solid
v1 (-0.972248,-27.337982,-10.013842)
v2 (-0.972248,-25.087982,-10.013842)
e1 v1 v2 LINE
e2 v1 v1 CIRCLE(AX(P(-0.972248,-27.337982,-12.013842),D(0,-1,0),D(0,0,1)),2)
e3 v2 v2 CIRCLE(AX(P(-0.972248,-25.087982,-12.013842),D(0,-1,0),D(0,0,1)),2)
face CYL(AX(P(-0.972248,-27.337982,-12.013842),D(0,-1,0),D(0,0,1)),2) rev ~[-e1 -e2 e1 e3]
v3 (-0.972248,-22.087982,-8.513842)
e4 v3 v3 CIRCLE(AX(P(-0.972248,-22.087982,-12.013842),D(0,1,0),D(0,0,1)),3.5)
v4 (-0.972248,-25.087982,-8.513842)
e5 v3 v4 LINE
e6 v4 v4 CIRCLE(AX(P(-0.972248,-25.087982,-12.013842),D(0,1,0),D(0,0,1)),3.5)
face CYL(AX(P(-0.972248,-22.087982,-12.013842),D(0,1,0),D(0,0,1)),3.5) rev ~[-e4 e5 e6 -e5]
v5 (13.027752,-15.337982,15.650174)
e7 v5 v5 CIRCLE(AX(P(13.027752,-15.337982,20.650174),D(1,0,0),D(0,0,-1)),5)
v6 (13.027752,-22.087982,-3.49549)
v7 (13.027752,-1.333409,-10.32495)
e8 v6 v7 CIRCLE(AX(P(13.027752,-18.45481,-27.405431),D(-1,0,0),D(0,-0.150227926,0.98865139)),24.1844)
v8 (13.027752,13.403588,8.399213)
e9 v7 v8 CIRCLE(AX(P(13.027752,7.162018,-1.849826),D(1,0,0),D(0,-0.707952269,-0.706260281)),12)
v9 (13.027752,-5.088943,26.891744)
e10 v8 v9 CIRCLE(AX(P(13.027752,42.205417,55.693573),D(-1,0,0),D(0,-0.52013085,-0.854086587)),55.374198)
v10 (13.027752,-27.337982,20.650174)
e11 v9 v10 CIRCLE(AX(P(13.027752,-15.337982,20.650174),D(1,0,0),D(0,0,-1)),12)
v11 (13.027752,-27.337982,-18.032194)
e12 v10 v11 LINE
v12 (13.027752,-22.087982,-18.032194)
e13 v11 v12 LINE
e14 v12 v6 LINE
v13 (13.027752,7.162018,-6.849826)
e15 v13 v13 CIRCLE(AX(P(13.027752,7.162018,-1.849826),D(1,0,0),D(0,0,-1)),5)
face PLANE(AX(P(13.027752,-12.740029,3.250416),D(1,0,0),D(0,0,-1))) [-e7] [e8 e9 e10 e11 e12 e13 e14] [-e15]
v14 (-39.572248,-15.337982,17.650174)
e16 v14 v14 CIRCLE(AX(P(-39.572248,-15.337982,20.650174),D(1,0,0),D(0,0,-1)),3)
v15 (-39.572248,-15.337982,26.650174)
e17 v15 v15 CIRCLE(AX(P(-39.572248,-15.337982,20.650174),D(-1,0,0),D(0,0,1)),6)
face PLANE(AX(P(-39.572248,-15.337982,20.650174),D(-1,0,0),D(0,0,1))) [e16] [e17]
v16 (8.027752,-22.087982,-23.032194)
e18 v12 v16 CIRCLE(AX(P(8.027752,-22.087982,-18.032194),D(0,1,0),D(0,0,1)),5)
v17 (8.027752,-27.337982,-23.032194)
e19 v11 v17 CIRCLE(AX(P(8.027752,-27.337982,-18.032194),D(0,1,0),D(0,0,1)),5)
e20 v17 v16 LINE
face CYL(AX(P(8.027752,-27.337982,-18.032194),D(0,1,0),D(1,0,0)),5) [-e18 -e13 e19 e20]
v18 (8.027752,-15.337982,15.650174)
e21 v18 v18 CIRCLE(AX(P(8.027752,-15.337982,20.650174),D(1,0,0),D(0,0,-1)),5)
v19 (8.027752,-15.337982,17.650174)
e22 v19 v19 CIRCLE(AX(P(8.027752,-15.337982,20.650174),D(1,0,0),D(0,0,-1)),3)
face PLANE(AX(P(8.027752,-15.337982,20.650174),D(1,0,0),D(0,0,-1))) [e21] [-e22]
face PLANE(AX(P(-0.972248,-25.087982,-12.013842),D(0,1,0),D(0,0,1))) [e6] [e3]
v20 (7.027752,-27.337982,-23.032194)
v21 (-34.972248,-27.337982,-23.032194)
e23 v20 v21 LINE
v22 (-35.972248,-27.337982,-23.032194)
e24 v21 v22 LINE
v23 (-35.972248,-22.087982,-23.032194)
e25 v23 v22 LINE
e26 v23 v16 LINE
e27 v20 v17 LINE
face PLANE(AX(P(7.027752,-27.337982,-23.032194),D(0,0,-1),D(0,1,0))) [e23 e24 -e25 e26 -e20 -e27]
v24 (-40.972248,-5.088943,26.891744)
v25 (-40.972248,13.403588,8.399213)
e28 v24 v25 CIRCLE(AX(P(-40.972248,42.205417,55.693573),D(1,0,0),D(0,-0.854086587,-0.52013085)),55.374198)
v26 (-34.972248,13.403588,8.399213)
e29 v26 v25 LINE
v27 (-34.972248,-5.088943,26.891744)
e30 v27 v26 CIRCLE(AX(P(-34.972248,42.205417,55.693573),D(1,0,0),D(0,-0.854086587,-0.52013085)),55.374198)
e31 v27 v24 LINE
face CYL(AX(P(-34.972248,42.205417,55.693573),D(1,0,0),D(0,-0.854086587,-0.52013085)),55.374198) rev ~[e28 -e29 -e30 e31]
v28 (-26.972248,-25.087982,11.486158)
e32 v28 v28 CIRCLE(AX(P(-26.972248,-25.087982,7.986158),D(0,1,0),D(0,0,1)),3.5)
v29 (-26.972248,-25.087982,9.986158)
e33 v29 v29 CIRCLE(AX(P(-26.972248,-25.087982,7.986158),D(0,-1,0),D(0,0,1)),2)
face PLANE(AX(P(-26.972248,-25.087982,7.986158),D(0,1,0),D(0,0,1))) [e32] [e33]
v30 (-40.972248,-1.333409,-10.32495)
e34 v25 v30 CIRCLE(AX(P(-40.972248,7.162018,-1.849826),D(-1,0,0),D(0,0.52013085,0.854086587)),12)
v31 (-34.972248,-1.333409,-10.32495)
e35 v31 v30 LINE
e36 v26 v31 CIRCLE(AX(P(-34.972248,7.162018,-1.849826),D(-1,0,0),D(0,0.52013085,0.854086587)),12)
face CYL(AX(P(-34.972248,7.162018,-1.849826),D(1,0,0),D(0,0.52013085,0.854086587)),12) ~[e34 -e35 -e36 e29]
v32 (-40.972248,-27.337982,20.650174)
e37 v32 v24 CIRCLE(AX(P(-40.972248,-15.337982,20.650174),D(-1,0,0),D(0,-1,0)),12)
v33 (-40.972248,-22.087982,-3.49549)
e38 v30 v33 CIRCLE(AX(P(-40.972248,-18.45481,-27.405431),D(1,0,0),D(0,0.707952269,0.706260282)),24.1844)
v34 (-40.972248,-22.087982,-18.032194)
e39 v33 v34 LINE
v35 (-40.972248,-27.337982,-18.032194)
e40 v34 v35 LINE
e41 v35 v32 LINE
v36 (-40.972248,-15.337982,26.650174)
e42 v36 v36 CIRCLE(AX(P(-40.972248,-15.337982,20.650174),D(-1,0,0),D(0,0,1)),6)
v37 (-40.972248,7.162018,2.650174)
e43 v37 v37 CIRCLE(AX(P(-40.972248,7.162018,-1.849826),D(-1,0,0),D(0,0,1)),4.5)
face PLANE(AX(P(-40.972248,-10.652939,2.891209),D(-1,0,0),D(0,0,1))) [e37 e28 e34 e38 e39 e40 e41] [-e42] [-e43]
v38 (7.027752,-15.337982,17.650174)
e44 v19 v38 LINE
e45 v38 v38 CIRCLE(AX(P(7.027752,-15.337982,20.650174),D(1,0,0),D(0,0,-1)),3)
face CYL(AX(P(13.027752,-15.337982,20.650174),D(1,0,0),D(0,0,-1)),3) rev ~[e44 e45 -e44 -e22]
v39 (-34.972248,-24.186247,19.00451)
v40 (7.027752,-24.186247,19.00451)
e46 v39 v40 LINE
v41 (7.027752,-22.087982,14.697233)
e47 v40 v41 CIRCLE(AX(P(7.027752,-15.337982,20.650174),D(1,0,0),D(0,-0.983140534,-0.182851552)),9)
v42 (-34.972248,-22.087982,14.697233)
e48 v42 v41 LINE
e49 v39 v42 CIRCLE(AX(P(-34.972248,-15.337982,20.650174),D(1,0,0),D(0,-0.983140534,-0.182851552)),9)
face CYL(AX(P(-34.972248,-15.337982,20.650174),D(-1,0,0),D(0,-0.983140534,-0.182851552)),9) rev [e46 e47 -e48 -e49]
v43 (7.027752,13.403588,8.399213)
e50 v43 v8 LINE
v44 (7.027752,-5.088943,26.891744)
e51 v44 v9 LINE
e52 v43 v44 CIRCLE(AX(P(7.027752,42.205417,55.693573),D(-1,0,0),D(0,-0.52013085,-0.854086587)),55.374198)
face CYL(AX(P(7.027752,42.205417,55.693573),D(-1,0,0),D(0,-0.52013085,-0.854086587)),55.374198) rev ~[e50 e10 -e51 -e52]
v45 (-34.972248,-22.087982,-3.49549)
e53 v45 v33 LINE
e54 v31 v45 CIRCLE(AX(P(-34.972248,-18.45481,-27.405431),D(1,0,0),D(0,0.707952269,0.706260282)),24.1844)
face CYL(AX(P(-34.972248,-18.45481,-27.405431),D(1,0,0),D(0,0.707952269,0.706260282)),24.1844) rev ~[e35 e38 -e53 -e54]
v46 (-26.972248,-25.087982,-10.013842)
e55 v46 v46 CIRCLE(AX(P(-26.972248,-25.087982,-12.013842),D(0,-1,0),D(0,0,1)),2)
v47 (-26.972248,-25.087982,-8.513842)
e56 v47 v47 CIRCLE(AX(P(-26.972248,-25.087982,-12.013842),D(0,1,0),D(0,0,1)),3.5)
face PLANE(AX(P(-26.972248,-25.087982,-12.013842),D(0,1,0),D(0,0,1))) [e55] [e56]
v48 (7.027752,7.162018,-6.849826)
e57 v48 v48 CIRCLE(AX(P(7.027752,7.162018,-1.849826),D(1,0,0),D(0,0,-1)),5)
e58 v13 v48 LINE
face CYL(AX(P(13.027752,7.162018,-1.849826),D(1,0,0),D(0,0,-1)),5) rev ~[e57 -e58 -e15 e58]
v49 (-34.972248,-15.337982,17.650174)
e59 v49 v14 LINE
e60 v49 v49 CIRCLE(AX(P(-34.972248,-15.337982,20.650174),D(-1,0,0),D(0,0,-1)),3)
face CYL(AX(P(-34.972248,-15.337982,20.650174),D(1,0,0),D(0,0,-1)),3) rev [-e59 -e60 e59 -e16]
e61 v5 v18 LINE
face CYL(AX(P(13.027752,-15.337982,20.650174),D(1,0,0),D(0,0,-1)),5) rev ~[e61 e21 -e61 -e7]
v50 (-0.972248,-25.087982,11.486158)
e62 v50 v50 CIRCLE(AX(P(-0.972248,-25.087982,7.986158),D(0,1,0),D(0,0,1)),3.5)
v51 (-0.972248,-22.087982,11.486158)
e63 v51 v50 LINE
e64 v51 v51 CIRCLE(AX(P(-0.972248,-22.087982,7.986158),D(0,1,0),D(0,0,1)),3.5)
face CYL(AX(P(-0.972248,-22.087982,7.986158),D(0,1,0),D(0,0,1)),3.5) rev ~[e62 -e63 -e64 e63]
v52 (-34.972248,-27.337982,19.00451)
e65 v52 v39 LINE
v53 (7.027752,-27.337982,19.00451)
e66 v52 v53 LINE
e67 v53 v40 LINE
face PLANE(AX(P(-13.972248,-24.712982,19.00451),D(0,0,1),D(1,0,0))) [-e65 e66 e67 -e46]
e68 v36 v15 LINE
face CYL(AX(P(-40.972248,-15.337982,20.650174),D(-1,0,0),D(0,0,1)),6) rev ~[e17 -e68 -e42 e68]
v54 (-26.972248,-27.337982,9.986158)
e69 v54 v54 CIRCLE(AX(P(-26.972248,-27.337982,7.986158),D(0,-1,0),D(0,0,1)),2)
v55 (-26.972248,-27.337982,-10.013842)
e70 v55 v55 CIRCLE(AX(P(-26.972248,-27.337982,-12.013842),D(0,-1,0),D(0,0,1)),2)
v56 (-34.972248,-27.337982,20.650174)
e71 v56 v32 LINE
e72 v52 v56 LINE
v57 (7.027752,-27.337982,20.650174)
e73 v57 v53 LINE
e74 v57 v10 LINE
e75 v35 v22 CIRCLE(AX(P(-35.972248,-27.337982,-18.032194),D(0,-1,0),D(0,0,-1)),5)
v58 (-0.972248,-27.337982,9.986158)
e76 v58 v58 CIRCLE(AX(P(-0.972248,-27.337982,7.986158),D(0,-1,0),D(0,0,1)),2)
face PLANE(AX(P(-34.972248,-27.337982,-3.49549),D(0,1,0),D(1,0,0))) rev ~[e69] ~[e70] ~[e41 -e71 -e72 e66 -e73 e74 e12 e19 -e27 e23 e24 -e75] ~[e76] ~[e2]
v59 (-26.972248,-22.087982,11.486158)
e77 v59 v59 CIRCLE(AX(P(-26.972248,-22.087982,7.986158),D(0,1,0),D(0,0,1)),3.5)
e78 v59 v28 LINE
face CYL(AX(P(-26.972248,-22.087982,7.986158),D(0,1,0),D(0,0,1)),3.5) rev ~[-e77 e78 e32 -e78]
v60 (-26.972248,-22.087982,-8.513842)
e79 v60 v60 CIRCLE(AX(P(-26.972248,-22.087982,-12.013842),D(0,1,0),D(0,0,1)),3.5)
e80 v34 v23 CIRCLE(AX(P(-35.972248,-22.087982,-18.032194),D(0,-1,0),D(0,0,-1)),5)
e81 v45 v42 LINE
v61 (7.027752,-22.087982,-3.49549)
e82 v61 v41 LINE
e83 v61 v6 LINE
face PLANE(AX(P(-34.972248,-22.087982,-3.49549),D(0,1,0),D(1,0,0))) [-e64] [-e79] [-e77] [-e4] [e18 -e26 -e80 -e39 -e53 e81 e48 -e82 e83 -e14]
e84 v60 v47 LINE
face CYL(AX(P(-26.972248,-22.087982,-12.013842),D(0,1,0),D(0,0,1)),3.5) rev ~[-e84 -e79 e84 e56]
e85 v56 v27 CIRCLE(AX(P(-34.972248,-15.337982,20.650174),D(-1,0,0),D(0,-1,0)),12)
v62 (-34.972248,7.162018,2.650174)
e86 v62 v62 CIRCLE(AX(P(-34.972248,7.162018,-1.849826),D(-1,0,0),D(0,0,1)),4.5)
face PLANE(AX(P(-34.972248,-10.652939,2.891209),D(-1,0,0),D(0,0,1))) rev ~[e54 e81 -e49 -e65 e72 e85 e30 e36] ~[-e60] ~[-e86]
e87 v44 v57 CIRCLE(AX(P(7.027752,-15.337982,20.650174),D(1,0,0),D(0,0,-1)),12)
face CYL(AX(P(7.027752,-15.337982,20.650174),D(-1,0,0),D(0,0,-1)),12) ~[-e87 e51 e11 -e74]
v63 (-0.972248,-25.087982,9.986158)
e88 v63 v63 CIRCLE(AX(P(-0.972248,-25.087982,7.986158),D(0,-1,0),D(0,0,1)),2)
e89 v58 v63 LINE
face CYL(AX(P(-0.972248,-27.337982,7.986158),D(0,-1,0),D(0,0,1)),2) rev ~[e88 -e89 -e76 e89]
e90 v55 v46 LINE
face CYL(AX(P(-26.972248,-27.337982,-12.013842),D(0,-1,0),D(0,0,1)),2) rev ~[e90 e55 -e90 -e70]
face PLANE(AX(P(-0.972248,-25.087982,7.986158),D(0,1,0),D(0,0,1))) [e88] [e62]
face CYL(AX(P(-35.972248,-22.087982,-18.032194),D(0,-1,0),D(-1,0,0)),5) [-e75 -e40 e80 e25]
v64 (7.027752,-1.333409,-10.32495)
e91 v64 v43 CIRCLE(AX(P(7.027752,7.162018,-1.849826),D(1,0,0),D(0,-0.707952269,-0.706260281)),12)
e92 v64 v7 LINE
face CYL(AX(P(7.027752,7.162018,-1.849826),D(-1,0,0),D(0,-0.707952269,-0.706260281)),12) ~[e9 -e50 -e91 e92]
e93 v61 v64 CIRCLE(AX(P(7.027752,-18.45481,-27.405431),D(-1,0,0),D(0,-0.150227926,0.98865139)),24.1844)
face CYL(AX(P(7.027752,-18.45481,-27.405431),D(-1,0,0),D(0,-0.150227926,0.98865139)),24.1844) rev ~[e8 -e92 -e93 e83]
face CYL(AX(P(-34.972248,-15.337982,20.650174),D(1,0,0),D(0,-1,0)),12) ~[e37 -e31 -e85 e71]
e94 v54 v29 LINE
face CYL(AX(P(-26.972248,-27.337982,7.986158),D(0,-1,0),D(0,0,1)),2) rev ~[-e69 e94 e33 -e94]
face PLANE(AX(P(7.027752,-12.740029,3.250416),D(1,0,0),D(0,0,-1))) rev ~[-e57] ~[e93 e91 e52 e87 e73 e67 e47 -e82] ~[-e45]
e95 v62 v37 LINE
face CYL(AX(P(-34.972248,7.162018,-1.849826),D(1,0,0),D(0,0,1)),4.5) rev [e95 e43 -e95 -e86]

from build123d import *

# Parameters (mm, degrees)
SKETCH_1_R                      = 8
EXTRUDE_1_DEPTH                 = 4
SKETCH_7_R                      = 3.333333333
CUT_EXTRUDE_3_DEPTH             = 33.771939216
SKETCH_8_R                      = 2
CUT_EXTRUDE_4_DEPTH             = 33.771939216
EXTRUDE_START                   = 28
SKETCH_9_R                      = 3
SKETCH_9_R_2                    = 2
EXTRUDE_2_DEPTH                 = 4
EXTRUDE_3_REACH                 = 47.629
SKETCH_10_W                     = 13.024468831
SKETCH_10_H                     = 3.5
SKETCH_11_W                     = 28
SKETCH_11_H                     = 3.5
EXTRUDE_4_DEPTH                 = 15
SCALE_1_SCALE                   = 1.5
CUT_EXTRUDE_5_DEPTH             = 42
SKETCH_17_R                     = 6
CUT_EXTRUDE_6_DEPTH             = 1.4
SKETCH_18_R                     = 5
CUT_EXTRUDE_7_DEPTH             = 5
CUT_EXTRUDE_8_REACH             = 72.05
SKETCH_19_R                     = 2
CUT_EXTRUDE_8_DIRECTION_2_DEPTH = 71.050046232
FILLET_1_R                      = 5
SKETCH_21_R                     = 3.5
CUT_EXTRUDE_9_DEPTH             = 3


with BuildPart() as part:
    # 草图1 → 凸台-拉伸1 (new body)
    with BuildSketch(Plane(origin=(0, 0, 0), x_dir=(0, 0, -1), z_dir=(1, 0, 0))):
        with BuildLine():
            ThreePointArc((-7, -15), (-9.343145751, -20.656854249), (-15, -23))
            Line((-15, -23), (14.121578143, -23))
            Line((14.121578143, -23), (14.121578143, -19.5))
            Line((14.121578143, -19.5), (1.097109312, -19.5))
            ThreePointArc((1.097109312, -19.5), (1.721982831, -12.038332525), (5.650082252, -5.66361815))
            ThreePointArc((5.650082252, -5.66361815), (-4.947792662, -6.286441583), (-6.832692698, 4.161046803))
            ThreePointArc((-6.832692698, 4.161046803), (-12.258618637, -2.741381363), (-19.161046803, -8.167307302))
            ThreePointArc((-19.161046803, -8.167307302), (-11.081350642, -8.025461506), (-7, -15))
        make_face()
        with Locations((-15, -15)):
            Circle(SKETCH_1_R)
        Circle(SKETCH_1_R)
    extrude(amount=EXTRUDE_1_DEPTH)

    # 草图7 → 切除-拉伸3 (cut, through all)
    with BuildSketch(Plane(origin=(4, 0, 0), x_dir=(0, 0, -1), z_dir=(1, 0, 0))):
        Circle(SKETCH_7_R)
    extrude(amount=-CUT_EXTRUDE_3_DEPTH, mode=Mode.SUBTRACT)

    # 草图8 → 切除-拉伸4 (cut, through all)
    with BuildSketch(Plane(origin=(4, 0, 0), x_dir=(0, 0, -1), z_dir=(1, 0, 0))):
        with Locations((-15, -15)):
            Circle(SKETCH_8_R)
    extrude(amount=-CUT_EXTRUDE_4_DEPTH, mode=Mode.SUBTRACT)


with BuildPart() as body_2:
    # 草图9 → 凸台-拉伸2 (new body)
    with BuildSketch(Plane.ZY.offset(EXTRUDE_START)):
        with BuildLine():
            Line((-1.097109312, -19.5), (-14.121578143, -19.5))
            Line((-14.121578143, -19.5), (-14.121578143, -23))
            Line((-14.121578143, -23), (15, -23))
            ThreePointArc((15, -23), (22.702646999, -17.160839931), (19.161046803, -8.167307302))
            ThreePointArc((19.161046803, -8.167307302), (12.258618637, -2.741381363), (6.832692698, 4.161046803))
            ThreePointArc((6.832692698, 4.161046803), (-4.947792662, 6.286441583), (-5.650082252, -5.66361815))
            ThreePointArc((-5.650082252, -5.66361815), (-1.721982831, -12.038332525), (-1.097109312, -19.5))
        make_face()
        Circle(SKETCH_9_R, mode=Mode.SUBTRACT)
        with Locations(Location((15, -15, 0), (0, 0, 180))):
            Circle(SKETCH_9_R_2, mode=Mode.SUBTRACT)
    extrude(amount=EXTRUDE_2_DEPTH)

    # 草图10 → 凸台-拉伸3 (add, up to next)
    with BuildSketch(Plane.ZY, mode=Mode.PRIVATE) as extrude_3_sk1:
        with Locations((-7.609343728, -21.25)):
            Rectangle(SKETCH_10_W, SKETCH_10_H)
    extrude_3_tool1 = extrude(extrude_3_sk1.sketch, amount=EXTRUDE_3_REACH, mode=Mode.PRIVATE) - body_2.part

    add(part.part)  # 凸台-拉伸3 merges part
    add(extrude_3_tool1.solids().sort_by_distance((0, -21.25, -7.609344))[0])

    # 草图11 → 凸台-拉伸4 (add)
    with BuildSketch(Plane.XY.offset(-1.097109312)):
        with Locations((-14, -21.25)):
            Rectangle(SKETCH_11_W, SKETCH_11_H)
    extrude(amount=EXTRUDE_4_DEPTH)


with BuildPart() as body_2_1:
    # 缩放比例1: scaled about (-14.05550312, -14.324036163, 3.699652839)
    add(body_2.part.scale(SCALE_1_SCALE).moved(Location((7.02775156, 7.162018082, -1.84982642))))

    # 草图13 → 切除-拉伸5 (cut)
    with BuildSketch(Plane(origin=(-34.97224844, 0, 0), x_dir=(0, 0, -1), z_dir=(1, 0, 0))):
        with BuildLine():
            Line((-14.697233131, -22.087981919), (-19.004509613, -22.087981919))
            Line((-19.004509613, -22.087981919), (-19.004509613, -24.186246726))
            ThreePointArc((-19.004509613, -24.186246726), (-16.708679438, -23.42900311), (-14.697233131, -22.087981919))
        make_face()
    extrude(amount=CUT_EXTRUDE_5_DEPTH, mode=Mode.SUBTRACT)

    # 草图17 → 切除-拉伸6 (cut)
    with BuildSketch(Plane.ZY.offset(40.97224844)):
        with Locations((20.650173581, -15.337981919)):
            Circle(SKETCH_17_R)
    extrude(amount=-CUT_EXTRUDE_6_DEPTH, mode=Mode.SUBTRACT)

    # 草图18 → 切除-拉伸7 (cut)
    with BuildSketch(Plane(origin=(13.02775156, 0, 0), x_dir=(0, 0, -1), z_dir=(1, 0, 0))):
        with Locations((-20.650173581, -15.337981919)):
            Circle(SKETCH_18_R)
    extrude(amount=-CUT_EXTRUDE_7_DEPTH, mode=Mode.SUBTRACT)

    # 草图19 → 切除-拉伸8 (cut, up to next)
    with BuildSketch(Plane.XZ.offset(27.337981919), mode=Mode.PRIVATE) as cut_extrude_8_sk1:
        with Locations(Location((-0.97224844, -12.01384201, 0), (0, 0, 90))):
            Circle(SKETCH_19_R)
    cut_extrude_8_tool1 = extrude(cut_extrude_8_sk1.sketch, amount=-CUT_EXTRUDE_8_REACH, mode=Mode.PRIVATE) & body_2_1.part
    # 草图19 → 切除-拉伸8 (cut, up to next)
    with BuildSketch(Plane.XZ.offset(27.337981919), mode=Mode.PRIVATE) as cut_extrude_8_sk2:
        with Locations(Location((-26.97224844, -12.01384201, 0), (0, 0, 90))):
            Circle(SKETCH_19_R)
    cut_extrude_8_tool2 = extrude(cut_extrude_8_sk2.sketch, amount=-CUT_EXTRUDE_8_REACH, mode=Mode.PRIVATE) & body_2_1.part
    # 草图19 → 切除-拉伸8 (cut, up to next)
    with BuildSketch(Plane.XZ.offset(27.337981919), mode=Mode.PRIVATE) as cut_extrude_8_sk3:
        with Locations(Location((-26.97224844, 7.98615799, 0), (0, 0, 90))):
            Circle(SKETCH_19_R)
    cut_extrude_8_tool3 = extrude(cut_extrude_8_sk3.sketch, amount=-CUT_EXTRUDE_8_REACH, mode=Mode.PRIVATE) & body_2_1.part
    # 草图19 → 切除-拉伸8 (cut, up to next)
    with BuildSketch(Plane.XZ.offset(27.337981919), mode=Mode.PRIVATE) as cut_extrude_8_sk4:
        with Locations(Location((-0.97224844, 7.98615799, 0), (0, 0, 90))):
            Circle(SKETCH_19_R)
    cut_extrude_8_tool4 = extrude(cut_extrude_8_sk4.sketch, amount=-CUT_EXTRUDE_8_REACH, mode=Mode.PRIVATE) & body_2_1.part
    add(cut_extrude_8_tool1.solids().sort_by_distance((-0.972248, -27.337982, -12.013842))[0], mode=Mode.SUBTRACT)
    add(cut_extrude_8_tool2.solids().sort_by_distance((-26.972248, -27.337982, -12.013842))[0], mode=Mode.SUBTRACT)
    add(cut_extrude_8_tool3.solids().sort_by_distance((-26.972248, -27.337982, 7.986158))[0], mode=Mode.SUBTRACT)
    add(cut_extrude_8_tool4.solids().sort_by_distance((-0.972248, -27.337982, 7.986158))[0], mode=Mode.SUBTRACT)

    # 草图19 → 切除-拉伸8 direction 2 (cut)
    with BuildSketch(Plane.XZ.offset(27.337981919)):
        with Locations(Location((-0.97224844, -12.01384201, 0), (0, 0, 90))):
            Circle(SKETCH_19_R)
        with Locations(Location((-26.97224844, -12.01384201, 0), (0, 0, 90))):
            Circle(SKETCH_19_R)
        with Locations(Location((-26.97224844, 7.98615799, 0), (0, 0, 90))):
            Circle(SKETCH_19_R)
        with Locations(Location((-0.97224844, 7.98615799, 0), (0, 0, 90))):
            Circle(SKETCH_19_R)
    extrude(amount=CUT_EXTRUDE_8_DIRECTION_2_DEPTH, mode=Mode.SUBTRACT)

    # 圆角1
    fillet_1_edges = [body_2_1.edges().sort_by_distance(p)[0] for p in [
        (13.02775156, -24.712981919, -23.032193634),
        (-40.97224844, -24.712981919, -23.032193634),
    ]]
    fillet(fillet_1_edges, radius=FILLET_1_R)

    # 草图21 → 切除-拉伸9 (cut)
    with BuildSketch(Plane(origin=(0, -22.087981919, 0), x_dir=(1, 0, 0), z_dir=(0, 1, 0))):
        with Locations(Location((-26.97224844, 12.01384201, 0), (0, 0, 270))):
            Circle(SKETCH_21_R)
        with Locations(Location((-0.97224844, 12.01384201, 0), (0, 0, 270))):
            Circle(SKETCH_21_R)
        with Locations(Location((-0.97224844, -7.98615799, 0), (0, 0, 270))):
            Circle(SKETCH_21_R)
        with Locations(Location((-26.97224844, -7.98615799, 0), (0, 0, 270))):
            Circle(SKETCH_21_R)
    extrude(amount=-CUT_EXTRUDE_9_DEPTH, mode=Mode.SUBTRACT)


solid = body_2_1.part
